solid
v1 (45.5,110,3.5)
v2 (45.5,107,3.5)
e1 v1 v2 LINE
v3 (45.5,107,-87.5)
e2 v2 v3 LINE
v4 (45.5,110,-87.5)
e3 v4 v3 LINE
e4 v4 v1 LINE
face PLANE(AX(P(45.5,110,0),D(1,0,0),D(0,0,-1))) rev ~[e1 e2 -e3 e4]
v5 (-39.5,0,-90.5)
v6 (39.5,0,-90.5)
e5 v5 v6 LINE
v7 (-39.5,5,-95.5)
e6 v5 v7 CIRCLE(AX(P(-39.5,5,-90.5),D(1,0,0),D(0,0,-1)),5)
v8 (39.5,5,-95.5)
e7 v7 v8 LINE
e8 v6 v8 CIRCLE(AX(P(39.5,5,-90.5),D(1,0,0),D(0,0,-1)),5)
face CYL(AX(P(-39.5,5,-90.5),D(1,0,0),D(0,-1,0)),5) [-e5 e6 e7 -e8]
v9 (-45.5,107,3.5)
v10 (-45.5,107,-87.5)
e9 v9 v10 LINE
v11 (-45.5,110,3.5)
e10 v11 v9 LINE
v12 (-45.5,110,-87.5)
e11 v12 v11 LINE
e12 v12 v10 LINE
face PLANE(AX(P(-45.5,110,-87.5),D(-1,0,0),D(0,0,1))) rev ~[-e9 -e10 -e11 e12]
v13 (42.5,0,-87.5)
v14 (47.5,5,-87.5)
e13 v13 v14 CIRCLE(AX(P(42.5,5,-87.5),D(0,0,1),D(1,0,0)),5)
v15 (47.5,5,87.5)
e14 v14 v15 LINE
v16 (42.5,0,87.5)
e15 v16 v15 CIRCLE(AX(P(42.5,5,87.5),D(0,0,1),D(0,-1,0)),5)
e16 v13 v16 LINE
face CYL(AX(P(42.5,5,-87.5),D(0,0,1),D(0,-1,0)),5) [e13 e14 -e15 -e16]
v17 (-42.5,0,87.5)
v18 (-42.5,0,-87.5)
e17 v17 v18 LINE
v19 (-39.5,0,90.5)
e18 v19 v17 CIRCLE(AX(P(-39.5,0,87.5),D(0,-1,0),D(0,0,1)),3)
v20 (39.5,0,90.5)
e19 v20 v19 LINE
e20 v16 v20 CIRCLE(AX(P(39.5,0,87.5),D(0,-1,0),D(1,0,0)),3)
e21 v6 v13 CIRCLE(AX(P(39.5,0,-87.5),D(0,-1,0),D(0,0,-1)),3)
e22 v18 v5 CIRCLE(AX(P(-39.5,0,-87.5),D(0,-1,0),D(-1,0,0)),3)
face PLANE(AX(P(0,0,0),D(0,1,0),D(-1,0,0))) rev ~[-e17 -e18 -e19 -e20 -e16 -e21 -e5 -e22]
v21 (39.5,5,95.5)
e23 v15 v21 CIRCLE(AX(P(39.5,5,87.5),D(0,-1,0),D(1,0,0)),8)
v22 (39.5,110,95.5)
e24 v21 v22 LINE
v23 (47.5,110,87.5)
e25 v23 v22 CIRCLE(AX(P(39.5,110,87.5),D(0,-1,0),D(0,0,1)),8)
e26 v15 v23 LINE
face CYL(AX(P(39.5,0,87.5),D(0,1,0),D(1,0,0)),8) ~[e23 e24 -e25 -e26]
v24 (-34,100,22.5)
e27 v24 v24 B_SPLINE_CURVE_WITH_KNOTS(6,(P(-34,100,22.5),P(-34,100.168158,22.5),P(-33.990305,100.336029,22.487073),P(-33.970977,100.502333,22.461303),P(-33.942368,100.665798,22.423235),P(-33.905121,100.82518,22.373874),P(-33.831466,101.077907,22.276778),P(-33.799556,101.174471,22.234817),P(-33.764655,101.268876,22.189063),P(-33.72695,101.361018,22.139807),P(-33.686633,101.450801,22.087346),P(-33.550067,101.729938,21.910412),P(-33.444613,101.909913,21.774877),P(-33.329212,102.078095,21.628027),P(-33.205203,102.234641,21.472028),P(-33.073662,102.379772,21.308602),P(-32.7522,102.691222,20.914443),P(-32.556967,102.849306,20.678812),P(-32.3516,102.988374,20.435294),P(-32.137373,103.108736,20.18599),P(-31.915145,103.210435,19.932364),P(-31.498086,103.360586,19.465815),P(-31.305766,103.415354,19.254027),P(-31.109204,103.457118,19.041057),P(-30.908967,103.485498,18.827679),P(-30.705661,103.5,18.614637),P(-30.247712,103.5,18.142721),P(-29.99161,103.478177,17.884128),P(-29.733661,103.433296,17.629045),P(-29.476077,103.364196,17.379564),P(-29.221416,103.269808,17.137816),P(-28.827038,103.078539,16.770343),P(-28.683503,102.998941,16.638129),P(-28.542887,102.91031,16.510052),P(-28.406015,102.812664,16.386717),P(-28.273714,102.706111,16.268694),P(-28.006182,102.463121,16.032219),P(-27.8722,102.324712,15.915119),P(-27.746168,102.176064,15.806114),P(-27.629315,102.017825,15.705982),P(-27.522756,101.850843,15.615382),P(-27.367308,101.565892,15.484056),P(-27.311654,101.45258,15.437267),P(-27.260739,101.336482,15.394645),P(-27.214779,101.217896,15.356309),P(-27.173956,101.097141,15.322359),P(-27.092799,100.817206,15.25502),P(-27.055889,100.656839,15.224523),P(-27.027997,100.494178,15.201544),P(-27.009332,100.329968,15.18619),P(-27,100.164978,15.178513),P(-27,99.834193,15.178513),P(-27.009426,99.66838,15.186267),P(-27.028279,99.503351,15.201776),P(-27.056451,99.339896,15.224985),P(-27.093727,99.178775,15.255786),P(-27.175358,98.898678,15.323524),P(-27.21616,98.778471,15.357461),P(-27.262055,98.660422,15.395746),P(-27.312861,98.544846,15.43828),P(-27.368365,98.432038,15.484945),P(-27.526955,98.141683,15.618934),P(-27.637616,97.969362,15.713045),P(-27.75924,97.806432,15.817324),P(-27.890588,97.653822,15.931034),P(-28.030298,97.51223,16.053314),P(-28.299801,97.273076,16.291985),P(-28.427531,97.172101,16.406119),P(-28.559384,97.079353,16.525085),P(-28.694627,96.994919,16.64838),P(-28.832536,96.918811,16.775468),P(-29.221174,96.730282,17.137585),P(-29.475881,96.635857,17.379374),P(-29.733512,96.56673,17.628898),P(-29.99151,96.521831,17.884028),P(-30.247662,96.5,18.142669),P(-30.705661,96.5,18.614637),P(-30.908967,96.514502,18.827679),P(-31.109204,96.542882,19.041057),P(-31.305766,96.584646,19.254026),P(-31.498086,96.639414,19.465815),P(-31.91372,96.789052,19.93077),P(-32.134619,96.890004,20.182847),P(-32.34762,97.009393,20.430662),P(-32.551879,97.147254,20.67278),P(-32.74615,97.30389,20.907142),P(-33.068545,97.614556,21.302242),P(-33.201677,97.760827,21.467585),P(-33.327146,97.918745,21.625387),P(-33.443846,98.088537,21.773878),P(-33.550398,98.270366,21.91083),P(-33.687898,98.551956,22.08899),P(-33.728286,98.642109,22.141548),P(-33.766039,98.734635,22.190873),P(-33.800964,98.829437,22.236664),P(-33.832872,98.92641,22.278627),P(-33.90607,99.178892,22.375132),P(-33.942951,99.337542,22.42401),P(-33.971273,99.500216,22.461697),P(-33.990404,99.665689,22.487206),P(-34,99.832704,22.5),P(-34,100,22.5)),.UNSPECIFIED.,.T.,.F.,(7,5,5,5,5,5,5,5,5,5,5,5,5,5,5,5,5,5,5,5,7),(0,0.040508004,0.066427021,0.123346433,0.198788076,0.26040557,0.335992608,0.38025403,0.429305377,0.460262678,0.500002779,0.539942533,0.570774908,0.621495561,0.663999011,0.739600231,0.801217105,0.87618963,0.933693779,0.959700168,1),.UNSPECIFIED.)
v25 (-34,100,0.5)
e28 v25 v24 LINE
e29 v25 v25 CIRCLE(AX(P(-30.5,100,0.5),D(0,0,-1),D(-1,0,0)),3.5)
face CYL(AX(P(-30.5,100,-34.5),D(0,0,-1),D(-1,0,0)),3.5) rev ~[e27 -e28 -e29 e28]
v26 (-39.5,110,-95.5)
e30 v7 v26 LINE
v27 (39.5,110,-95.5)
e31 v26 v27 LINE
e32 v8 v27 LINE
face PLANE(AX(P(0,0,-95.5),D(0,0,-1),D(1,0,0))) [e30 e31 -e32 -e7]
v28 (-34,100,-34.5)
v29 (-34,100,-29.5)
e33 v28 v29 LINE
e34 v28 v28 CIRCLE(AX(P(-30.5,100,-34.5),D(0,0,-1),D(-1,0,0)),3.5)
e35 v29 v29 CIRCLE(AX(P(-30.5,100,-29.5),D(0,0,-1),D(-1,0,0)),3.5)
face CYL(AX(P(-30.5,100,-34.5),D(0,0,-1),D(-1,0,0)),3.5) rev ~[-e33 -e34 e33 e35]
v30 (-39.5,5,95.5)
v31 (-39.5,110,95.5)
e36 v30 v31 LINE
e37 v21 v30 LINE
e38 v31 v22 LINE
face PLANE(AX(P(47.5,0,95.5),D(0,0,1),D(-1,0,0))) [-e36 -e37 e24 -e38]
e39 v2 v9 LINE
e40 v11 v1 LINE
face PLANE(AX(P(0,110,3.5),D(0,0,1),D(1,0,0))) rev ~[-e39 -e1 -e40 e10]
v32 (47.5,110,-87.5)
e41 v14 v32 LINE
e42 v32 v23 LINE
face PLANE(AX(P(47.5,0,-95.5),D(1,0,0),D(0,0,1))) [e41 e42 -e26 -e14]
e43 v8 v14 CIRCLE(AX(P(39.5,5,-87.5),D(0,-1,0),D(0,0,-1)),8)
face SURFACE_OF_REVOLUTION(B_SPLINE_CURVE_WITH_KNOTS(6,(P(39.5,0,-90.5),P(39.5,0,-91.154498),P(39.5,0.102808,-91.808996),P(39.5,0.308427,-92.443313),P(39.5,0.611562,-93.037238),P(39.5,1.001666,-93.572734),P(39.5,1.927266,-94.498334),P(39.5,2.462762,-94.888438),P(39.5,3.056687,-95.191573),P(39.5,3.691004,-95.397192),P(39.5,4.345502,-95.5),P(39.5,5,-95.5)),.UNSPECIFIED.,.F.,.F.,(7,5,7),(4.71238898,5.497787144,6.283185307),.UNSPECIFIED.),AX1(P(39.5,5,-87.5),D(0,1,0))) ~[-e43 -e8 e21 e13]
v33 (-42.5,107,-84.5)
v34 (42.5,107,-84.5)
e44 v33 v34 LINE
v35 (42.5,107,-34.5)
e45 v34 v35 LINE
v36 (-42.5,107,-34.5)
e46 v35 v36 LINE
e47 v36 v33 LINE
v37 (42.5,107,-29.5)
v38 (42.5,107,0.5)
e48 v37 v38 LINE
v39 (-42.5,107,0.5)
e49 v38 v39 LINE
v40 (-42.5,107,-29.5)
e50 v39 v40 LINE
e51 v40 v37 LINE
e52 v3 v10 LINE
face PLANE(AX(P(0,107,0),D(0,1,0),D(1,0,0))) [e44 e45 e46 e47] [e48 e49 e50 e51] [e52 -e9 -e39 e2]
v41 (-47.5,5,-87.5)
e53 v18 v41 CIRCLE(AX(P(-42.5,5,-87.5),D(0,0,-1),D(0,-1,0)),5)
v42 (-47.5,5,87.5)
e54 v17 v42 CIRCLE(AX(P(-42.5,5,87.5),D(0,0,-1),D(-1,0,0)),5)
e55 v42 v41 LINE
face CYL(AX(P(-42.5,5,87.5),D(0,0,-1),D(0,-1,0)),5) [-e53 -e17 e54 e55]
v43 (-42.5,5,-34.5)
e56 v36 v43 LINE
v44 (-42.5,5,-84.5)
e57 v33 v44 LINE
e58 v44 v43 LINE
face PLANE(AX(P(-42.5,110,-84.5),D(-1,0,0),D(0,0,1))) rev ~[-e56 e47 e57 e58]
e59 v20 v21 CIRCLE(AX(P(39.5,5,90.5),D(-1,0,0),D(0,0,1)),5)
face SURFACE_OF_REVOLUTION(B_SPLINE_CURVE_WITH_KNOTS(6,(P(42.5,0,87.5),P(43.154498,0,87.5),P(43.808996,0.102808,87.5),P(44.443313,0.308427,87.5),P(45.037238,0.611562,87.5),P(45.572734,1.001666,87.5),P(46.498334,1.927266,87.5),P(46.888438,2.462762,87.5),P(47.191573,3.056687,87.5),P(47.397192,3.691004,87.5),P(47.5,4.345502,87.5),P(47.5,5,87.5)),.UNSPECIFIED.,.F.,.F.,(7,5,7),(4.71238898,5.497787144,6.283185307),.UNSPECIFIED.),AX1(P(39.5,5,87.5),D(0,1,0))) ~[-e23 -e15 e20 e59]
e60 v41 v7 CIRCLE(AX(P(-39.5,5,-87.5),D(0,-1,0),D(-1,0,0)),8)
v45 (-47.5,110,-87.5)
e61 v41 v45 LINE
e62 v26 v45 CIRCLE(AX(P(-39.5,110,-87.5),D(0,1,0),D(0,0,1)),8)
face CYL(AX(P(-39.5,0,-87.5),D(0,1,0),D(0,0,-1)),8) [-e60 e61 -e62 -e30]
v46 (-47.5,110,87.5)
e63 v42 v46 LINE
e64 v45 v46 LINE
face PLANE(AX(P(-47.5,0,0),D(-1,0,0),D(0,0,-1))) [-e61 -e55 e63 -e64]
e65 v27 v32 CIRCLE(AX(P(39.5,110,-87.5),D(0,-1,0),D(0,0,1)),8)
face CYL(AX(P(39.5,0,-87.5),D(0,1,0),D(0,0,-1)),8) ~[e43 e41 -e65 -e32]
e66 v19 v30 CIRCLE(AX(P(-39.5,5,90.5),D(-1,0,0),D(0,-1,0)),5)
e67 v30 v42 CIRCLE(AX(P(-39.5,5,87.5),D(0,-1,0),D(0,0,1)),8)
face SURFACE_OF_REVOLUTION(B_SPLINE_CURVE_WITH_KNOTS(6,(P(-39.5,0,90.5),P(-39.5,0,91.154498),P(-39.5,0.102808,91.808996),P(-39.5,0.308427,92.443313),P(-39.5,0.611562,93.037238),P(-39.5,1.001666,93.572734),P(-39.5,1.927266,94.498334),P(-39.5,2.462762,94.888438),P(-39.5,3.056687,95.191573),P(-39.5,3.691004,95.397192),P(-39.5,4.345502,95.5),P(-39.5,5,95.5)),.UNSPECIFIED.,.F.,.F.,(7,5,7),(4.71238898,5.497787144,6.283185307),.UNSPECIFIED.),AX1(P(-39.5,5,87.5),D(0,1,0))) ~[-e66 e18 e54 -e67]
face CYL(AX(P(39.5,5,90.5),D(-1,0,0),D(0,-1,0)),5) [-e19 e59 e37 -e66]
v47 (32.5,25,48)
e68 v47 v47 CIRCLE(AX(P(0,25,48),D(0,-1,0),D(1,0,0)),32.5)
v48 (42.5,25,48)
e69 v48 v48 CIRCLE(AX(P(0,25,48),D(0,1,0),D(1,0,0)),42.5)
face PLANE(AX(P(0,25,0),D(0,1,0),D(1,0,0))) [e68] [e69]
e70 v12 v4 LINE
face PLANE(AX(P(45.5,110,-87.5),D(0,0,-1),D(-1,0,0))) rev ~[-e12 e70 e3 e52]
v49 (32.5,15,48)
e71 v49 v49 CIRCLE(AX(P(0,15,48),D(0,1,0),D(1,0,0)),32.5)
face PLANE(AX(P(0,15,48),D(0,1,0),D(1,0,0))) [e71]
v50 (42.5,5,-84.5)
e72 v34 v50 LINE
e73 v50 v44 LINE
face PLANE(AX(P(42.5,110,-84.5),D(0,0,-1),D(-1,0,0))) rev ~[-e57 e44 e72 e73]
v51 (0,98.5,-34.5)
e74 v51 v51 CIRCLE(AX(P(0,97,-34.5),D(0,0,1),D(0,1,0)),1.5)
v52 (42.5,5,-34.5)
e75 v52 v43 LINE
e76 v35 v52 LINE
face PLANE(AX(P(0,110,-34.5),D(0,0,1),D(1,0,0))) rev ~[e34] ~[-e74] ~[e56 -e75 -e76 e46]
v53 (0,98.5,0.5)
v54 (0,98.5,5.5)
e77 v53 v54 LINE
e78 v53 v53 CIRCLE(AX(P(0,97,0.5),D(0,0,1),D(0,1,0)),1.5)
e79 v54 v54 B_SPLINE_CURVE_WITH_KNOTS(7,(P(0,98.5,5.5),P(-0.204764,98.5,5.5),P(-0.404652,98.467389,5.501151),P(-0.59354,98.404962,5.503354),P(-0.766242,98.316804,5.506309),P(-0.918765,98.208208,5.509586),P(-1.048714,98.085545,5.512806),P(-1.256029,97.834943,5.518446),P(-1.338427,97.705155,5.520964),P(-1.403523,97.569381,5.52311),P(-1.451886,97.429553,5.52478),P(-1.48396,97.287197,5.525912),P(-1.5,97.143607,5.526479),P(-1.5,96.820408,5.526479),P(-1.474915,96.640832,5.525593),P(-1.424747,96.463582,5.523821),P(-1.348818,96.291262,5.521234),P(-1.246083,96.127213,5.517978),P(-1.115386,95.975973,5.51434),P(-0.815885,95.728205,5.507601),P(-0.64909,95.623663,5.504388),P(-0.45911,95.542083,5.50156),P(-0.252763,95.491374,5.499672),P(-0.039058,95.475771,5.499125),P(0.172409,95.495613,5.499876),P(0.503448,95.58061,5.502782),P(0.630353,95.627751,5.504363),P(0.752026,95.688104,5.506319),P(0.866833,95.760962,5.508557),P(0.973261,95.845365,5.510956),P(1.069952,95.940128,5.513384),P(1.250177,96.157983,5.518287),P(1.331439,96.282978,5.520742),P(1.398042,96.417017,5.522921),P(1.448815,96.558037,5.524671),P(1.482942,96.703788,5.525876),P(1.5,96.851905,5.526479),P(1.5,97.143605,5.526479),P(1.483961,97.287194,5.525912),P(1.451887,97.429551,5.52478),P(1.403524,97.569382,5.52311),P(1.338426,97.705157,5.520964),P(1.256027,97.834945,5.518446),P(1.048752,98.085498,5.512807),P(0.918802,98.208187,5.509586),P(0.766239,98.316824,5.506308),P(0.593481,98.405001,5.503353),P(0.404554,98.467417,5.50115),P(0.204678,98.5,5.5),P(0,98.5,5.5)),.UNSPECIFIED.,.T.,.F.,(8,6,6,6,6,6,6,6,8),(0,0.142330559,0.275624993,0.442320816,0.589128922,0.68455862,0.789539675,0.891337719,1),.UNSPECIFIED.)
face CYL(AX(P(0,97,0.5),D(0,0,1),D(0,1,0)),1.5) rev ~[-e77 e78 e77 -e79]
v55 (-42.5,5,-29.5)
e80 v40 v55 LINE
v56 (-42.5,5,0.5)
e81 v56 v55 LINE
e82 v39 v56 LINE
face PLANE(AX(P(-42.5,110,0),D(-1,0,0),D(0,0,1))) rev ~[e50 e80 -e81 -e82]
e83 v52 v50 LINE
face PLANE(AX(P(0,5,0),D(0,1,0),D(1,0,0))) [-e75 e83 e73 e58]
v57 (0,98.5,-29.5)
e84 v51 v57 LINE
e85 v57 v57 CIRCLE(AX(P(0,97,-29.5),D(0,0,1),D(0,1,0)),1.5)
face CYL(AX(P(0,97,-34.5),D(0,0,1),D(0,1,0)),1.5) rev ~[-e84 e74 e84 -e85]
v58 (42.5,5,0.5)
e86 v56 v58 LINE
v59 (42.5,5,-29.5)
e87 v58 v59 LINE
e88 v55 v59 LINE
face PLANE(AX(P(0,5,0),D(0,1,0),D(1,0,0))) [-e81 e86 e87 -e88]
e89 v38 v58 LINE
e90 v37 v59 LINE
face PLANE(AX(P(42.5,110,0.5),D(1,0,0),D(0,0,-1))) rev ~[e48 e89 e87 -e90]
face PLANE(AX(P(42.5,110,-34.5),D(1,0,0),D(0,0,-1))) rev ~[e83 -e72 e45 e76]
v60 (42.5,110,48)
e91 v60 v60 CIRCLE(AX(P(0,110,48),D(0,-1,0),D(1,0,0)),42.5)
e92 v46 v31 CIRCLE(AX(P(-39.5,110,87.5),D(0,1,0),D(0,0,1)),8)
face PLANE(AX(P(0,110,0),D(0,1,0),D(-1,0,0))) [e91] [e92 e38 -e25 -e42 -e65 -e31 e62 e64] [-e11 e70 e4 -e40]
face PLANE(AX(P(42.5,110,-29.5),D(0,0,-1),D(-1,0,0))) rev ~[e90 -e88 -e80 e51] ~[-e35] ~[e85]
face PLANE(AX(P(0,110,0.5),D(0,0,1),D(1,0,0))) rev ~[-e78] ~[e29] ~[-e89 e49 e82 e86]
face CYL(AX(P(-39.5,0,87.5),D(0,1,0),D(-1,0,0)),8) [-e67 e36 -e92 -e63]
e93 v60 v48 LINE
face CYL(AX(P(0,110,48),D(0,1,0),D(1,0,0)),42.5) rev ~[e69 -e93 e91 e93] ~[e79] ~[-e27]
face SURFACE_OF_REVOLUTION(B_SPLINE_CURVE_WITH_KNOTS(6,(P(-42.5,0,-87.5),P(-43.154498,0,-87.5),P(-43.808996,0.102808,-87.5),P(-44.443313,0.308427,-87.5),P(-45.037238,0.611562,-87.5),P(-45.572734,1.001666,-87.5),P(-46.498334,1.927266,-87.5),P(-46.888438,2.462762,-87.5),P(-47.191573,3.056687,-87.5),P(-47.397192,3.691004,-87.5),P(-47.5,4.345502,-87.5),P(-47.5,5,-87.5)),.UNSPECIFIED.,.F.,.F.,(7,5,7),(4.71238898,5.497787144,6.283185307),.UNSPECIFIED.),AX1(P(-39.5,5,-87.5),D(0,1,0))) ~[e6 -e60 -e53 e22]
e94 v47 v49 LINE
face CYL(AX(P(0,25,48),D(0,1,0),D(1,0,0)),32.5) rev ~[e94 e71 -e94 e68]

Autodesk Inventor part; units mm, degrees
ref_plane "YZ Plane" through (0, 0, 0) normal (1, 0, 0) x (0, 1, 0)
ref_plane "XZ Plane" through (0, 0, 0) normal (0, 1, 0) x (-1, 0, 0)
ref_plane "XY Plane" through (0, 0, 0) normal (0, 0, 1) x (1, 0, 0)
sketch "Náčrt1" plane through (0, 0, 0) normal (0, 1, 0) x (-1, 0, 0)
  line L0 (0, -133.7) -> (0, 133.7) projected
  line L1 (-66.5, 0) -> (66.5, 0) projected
  line L2 (-47.5, 95.5) -> (47.5, 95.5)
  line L3 (47.5, 95.5) -> (47.5, -95.5)
  line L4 (47.5, -95.5) -> (-47.5, -95.5)
  line L5 (-47.5, -95.5) -> (-47.5, 95.5)
  line L6 (-47.5, 95.5) -> (47.5, -95.5) construction
  line L7 (47.5, 95.5) -> (-47.5, -95.5) construction
  point P0 (0, 0)
  dimension "d0" = 191
  dimension "d1" = 95
extrude "Vysunutí1" add sketch "Náčrt1" along normal blind 110
sketch "Náčrt2" plane through (0, 110, 0) normal (0, 1, 0) x (1, 0, 0)
  line L0 (0, 133.7) -> (0, -133.7) projected
  line L1 (66.5, 0) -> (-66.5, 0) projected
  circle A0 centre (0, -48) radius 42.5
  line L2 (-47.5, -95.5) -> (47.5, -95.5) projected
  point P0 (0, 0)
  dimension "d4" = 85
  dimension "d5" = 47.5
extrude "Vysunutí2" cut sketch "Náčrt2" against normal blind 85
sketch "Náčrt3" plane through (0, 110, 0) normal (0, 1, 0) x (1, 0, 0)
  line L0 (66.5, 0) -> (-66.5, 0) projected
  line L1 (0, 133.7) -> (0, -133.7) projected
  circle A0 centre (0, -48) radius 42.5 projected
  line L2 (-42.5, -0.5) -> (42.5, -0.5)
  line L3 (42.5, -0.5) -> (42.5, 29.5)
  line L4 (42.5, 29.5) -> (-42.5, 29.5)
  line L5 (-42.5, 29.5) -> (-42.5, -0.5)
  point P0 (0, 0)
  dimension "d8" = 30
  dimension "d9" = 85
  dimension "d10" = 47.5
extrude "Vysunutí3" cut sketch "Náčrt3" against normal blind 105 contours L3 L2 L1 L0 | L0 L1 L4 L3 | L1 L2 L5 L0 | L0 L5 L4 L1
sketch "Náčrt4" plane through (0, 110, 0) normal (0, 1, 0) x (1, 0, 0)
  line L0 (0, 133.7) -> (0, -133.7) projected
  line L1 (66.5, 0) -> (-66.5, 0) projected
  line L2 (-42.5, 34.5) -> (42.5, 34.5)
  line L3 (42.5, 34.5) -> (42.5, 84.5)
  line L4 (42.5, 84.5) -> (-42.5, 84.5)
  line L5 (-42.5, 84.5) -> (-42.5, 34.5)
  line L6 (-42.5, 29.5) -> (42.5, 29.5) projected
  point P0 (0, 0)
  dimension "d13" = 5
  dimension "d14" = 50
  dimension "d15" = 85
extrude "Vysunutí4" cut sketch "Náčrt4" against normal blind 105
sketch "Náčrt6" plane through (0, 25, 48) normal (0, 1, 0) x (1, 0, 0)
  circle A0 centre (0, 0) radius 42.5 projected
  line L0 (66.5, 48) -> (-66.5, 48) projected
  line L1 (0, 181.7) -> (0, -85.7) projected
  circle A1 centre (0, 0) radius 32.5
  point P0 (0, 48)
  dimension "d24" = 65
extrude "Vysunutí6" cut sketch "Náčrt6" against normal blind 10 contours A1 L1 | L1 A1
fillet "Zaoblení1" radius 8 4 edges at (47.5, 55, -95.5) (-47.5, 55, -95.5) (47.5, 55, 95.5) (-47.5, 55, 95.5)
fillet "Zaoblení2" radius 5 8 edges at (45.1569, 0, -93.1569) (0, 0, -95.5) (-45.1569, 0, -93.1569) (-47.5, 0, 0) (-45.1569, 0, 93.1569) (0, 0, 95.5) (45.1569, 0, 93.1569) (47.5, 0, 0)
sketch "Náčrt7" plane through (0, 110, 0) normal (0, 1, 0) x (1, 0, 0)
  line L0 (0, 133.7) -> (0, -133.7) projected
  line L1 (66.5, 0) -> (-66.5, 0) projected
  circle A0 centre (0, -48) radius 42.5 projected
  line L2 (-45.5, -3.5) -> (45.5, -3.5)
  line L3 (45.5, -3.5) -> (45.5, 87.5)
  line L4 (45.5, 87.5) -> (-45.5, 87.5)
  line L5 (-45.5, 87.5) -> (-45.5, -3.5)
  point P0 (0, 0)
  dimension "d29" = 91
  dimension "d30" = 44.5
  dimension "d31" = 91
extrude "Vysunutí7" cut sketch "Náčrt7" against normal blind 3 contours L4 L3 L1 L0 | L0 L1 L5 L4 | L1 L3 L2 L0 | L0 L2 L5 L1
sketch "Náčrt8" plane through (42.5, 5, -34.5) normal (0, 0, -1) x (-1, 0, 0)
  line L0 (85, 102) -> (0, 102) projected
  line L1 (85, 102) -> (85, 0) projected
  circle A0 centre (73, 95) radius 3.5
  point P0 (42.5, -5)
  dimension "d34" = 7
  dimension "d35" = 12
  dimension "d36" = 3.5
extrude "Vysunutí8" cut sketch "Náčrt8" against normal blind 70
sketch "Náčrt9" plane through (42.5, 5, -34.5) normal (0, 0, -1) x (-1, 0, 0)
  line L0 (85, 102) -> (0, 102) projected
  line L1 (0, 102) -> (0, 0) projected
  line L2 (85, 102) -> (85, 0) projected
  point P0 (42.5, -5)
  point P1 (42.5, 92)
  dimension "d39" = 42.5
  dimension "d40" = 10
hole "Díra1" at (0, 97, -34.5) direction (0, 0, 1) diameter 3 depth 8 tip angle 118
sketch "Náčrt10" plane through (42.5, 5, 0.5) normal (0, 0, -1) x (-1, 0, 0)
  line L0 (85, 102) -> (0, 102) projected
  line L1 (0, 102) -> (0, 0) projected
  line L2 (85, 102) -> (85, 0) projected
  circle A0 centre (42.5, 92) radius 1.5 projected
  point P0 (42.5, -5)
hole "Díra2" at (0, 97, 0.5) direction (0, 0, 1) diameter 3 depth 8 tip angle 118
properties part number "květináč"
